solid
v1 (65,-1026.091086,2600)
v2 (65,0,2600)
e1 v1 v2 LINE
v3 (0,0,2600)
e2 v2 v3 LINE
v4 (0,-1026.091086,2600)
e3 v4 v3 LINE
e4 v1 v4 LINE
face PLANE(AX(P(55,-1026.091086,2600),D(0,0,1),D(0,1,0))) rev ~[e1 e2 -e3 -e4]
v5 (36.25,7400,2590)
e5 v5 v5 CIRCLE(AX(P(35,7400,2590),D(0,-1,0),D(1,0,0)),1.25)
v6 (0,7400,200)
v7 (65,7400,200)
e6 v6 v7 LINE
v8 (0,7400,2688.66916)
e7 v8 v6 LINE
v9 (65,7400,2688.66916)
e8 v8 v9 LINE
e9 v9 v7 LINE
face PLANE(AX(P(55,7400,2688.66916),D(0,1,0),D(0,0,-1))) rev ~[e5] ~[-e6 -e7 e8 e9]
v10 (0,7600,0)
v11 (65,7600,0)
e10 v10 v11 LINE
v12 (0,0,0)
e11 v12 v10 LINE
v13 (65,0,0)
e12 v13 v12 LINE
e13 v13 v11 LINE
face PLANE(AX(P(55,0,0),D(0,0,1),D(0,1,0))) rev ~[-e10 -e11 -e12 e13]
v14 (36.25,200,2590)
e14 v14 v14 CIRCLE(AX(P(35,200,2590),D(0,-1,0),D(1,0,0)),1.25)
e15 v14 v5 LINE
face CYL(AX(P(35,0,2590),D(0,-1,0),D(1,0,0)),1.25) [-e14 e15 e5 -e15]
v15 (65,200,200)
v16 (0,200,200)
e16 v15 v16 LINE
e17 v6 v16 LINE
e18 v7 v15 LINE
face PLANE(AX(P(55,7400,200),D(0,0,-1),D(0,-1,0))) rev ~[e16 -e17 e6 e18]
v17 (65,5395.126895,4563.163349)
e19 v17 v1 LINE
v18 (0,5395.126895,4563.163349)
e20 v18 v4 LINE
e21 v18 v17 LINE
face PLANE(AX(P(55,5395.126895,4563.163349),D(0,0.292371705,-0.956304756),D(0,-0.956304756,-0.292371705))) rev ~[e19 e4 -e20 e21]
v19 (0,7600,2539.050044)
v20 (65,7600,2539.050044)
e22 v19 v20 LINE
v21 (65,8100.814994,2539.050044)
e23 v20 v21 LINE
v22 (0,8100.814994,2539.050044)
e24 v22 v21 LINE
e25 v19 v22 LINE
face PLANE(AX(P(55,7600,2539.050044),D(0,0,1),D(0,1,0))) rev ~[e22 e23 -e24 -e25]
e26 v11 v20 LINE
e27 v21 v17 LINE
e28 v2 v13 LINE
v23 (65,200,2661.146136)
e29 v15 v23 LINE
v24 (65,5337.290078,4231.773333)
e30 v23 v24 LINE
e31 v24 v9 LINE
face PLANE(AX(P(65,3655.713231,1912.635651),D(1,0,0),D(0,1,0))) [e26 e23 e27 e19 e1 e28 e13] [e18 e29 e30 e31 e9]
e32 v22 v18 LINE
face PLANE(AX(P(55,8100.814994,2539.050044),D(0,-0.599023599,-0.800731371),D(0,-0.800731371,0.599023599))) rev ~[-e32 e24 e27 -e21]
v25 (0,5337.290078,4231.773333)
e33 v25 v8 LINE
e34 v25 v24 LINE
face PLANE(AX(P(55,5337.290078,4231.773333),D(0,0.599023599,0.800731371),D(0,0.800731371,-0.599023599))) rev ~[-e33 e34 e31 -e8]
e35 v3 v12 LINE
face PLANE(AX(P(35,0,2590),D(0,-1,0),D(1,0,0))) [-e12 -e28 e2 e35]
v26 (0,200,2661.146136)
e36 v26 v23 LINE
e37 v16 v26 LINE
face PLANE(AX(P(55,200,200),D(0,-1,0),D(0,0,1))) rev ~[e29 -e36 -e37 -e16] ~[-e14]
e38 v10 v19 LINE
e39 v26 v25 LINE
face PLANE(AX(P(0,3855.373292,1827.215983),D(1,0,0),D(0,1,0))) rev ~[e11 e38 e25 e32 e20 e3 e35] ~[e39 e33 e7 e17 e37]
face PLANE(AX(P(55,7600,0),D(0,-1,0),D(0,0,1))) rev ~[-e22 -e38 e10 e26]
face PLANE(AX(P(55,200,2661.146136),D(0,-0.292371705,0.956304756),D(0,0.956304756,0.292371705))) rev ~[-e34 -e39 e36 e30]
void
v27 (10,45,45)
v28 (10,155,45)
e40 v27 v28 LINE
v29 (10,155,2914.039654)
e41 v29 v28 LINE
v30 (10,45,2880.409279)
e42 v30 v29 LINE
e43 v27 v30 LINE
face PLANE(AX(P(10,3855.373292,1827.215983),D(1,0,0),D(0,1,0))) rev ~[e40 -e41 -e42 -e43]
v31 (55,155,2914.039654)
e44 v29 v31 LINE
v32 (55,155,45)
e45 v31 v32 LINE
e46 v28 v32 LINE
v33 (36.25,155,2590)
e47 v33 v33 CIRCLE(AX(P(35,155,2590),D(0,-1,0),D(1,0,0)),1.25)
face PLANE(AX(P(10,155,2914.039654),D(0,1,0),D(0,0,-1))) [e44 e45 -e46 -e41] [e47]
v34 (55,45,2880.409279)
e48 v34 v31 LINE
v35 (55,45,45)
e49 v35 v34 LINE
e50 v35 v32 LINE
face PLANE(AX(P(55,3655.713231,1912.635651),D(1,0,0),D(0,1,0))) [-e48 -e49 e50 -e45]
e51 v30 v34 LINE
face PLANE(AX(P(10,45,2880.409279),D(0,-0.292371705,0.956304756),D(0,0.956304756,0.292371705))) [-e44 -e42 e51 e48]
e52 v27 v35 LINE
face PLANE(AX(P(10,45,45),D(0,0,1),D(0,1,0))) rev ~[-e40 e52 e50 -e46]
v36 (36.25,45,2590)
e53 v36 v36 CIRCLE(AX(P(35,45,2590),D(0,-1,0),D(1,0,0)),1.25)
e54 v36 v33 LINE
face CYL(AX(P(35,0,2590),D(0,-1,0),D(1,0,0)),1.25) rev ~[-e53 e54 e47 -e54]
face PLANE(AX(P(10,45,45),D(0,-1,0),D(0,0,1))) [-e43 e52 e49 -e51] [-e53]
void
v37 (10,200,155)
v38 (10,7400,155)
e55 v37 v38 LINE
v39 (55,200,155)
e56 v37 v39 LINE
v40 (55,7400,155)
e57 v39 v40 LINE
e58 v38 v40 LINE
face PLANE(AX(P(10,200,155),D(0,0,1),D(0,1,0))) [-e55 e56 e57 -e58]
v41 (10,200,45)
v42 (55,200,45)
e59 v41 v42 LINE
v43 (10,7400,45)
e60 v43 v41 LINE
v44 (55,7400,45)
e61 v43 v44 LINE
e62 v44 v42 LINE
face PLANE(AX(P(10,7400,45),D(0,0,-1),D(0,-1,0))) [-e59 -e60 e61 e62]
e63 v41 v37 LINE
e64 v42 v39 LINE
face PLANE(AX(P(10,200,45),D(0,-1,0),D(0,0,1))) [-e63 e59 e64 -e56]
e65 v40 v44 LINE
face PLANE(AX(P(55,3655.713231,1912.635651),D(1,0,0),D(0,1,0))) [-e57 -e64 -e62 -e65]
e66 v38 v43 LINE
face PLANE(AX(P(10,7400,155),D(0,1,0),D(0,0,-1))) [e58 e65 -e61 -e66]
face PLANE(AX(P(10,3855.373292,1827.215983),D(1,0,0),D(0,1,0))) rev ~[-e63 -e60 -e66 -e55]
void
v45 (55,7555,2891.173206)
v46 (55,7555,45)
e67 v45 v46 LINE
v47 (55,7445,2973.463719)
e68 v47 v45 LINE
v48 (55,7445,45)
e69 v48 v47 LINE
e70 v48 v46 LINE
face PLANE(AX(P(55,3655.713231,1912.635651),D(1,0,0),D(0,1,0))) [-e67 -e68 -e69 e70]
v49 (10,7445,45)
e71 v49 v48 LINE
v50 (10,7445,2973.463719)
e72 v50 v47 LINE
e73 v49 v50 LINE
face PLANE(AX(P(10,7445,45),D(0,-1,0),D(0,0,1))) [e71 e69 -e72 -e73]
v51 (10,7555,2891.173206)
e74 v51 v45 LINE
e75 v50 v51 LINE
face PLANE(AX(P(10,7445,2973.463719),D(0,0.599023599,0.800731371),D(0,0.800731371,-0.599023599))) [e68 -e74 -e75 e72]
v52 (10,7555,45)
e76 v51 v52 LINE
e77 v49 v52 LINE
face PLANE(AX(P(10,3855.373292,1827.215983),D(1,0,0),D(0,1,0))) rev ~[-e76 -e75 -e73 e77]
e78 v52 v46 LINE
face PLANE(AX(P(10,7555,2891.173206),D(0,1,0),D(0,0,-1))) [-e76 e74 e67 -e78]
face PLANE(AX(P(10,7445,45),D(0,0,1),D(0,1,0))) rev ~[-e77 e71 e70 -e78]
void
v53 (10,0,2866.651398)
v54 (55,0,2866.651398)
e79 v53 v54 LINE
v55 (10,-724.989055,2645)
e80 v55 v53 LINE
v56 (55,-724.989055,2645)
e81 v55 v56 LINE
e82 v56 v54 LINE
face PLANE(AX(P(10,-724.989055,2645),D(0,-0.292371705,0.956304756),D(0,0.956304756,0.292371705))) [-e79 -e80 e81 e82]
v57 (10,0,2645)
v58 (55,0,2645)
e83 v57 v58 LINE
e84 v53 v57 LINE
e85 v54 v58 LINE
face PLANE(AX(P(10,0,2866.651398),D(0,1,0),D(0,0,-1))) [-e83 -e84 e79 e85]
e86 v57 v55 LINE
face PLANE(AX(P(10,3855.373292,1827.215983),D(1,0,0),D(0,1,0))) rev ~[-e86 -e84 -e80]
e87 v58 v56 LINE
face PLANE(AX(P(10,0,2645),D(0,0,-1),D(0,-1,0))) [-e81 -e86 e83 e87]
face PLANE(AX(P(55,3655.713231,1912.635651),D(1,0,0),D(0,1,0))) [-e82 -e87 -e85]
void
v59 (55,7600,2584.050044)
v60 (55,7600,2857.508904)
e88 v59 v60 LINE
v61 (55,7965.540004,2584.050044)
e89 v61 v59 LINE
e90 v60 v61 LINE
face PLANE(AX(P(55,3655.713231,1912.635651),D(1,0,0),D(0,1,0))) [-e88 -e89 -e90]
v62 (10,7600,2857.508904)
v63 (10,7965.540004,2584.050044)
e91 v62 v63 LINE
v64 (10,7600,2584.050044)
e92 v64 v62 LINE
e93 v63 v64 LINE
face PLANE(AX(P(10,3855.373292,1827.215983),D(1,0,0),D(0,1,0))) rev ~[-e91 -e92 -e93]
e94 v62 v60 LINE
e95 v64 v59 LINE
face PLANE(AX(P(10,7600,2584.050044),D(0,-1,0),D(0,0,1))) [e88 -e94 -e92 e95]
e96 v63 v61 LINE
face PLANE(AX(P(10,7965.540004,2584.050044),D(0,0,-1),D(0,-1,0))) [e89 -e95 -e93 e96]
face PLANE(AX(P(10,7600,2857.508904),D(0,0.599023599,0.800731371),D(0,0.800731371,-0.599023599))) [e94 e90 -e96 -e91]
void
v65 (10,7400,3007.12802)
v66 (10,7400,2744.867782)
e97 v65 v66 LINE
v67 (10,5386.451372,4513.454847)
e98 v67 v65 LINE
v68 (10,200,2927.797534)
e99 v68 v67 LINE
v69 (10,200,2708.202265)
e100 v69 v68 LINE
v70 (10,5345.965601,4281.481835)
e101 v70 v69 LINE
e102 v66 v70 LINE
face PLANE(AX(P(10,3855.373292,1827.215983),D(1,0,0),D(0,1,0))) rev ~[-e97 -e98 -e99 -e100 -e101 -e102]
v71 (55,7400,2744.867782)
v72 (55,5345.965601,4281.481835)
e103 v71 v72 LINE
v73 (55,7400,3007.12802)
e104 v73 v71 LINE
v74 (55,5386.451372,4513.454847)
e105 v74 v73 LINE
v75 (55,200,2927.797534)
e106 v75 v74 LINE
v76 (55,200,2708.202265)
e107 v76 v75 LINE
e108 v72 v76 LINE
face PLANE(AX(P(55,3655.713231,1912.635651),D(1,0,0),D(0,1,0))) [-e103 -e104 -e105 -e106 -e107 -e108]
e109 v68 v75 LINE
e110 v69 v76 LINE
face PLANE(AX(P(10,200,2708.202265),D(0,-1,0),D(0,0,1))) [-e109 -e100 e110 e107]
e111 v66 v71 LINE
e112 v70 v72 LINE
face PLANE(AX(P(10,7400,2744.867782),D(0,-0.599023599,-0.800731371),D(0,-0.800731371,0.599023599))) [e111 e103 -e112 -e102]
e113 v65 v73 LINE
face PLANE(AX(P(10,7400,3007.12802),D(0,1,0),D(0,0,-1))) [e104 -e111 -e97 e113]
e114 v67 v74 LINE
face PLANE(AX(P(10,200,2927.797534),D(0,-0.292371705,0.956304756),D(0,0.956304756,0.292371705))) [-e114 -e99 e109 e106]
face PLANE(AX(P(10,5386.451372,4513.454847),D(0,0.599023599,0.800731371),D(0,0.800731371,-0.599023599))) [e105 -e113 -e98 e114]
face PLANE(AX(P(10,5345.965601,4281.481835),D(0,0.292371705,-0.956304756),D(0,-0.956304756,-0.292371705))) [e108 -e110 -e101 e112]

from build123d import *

# Parameters (mm, degrees)
F1_DEPTH = 10
F2_W     = 7200
F2_H     = 45
F2_W_2   = 45
F2_W_3   = 110
F3_DEPTH = 45
F4_W     = 7200
F4_H     = 110
F5_DEPTH = 10
F6_R     = 1.25
F7_DEPTH = 7400


with BuildPart() as f1:
    # F0 (on Right) → F1 (new body)
    with BuildSketch(Plane.YZ):
        Polygon((0, 2600), (0, 0), (7600, 0), (7600, 2539.0500439446), (7600, 2913.7075269461), (5395.1268947942, 4563.1633490475), (0, 2913.7075269461), align=None)
        Polygon((7400, 200), (200, 200), (200, 2661.1461362917), (5337.2900782842, 4231.7733327764), (7400, 2688.6691597302), align=None, mode=Mode.SUBTRACT)
        Polygon((-1026.09108595, 2600), (0, 2600), (0, 2913.7075269461), align=None)
        Polygon((7600, 2913.7075269461), (7600, 2539.0500439446), (8100.8149941729, 2539.0500439446), align=None)
    extrude(amount=F1_DEPTH)

    # F2 (on face) → F3 (join)
    with BuildSketch(Plane.YZ.offset(10)):
        Polygon((-724.9890552257, 2645), (-872.1774230575, 2600), (0, 2600), (0, 2645), align=None)
        Polygon((-1026.09108595, 2600), (-872.1774230575, 2600), (-724.9890552257, 2645), (0, 2866.6513979042), (45, 2880.4092785699), (155, 2914.0396535303), (200, 2927.797534196), (5386.4513723177, 4513.4548466069), (5395.1268947942, 4563.1633490475), align=None)
        Polygon((0, 2645), (0, 2600), (0, 0), (45, 0), (45, 45), (45, 2880.4092785699), (0, 2866.6513979042), align=None)
        Polygon((200, 2927.797534196), (155, 2914.0396535303), (155, 45), (155, 0), (200, 0), (200, 45), (200, 155), (200, 200), (200, 2661.1461362917), (200, 2708.2022653337), align=None)
        Polygon((5345.9656007607, 4281.4818352171), (200, 2708.2022653337), (200, 2661.1461362917), (5337.2900782842, 4231.7733327764), align=None)
        with Locations((3800, 177.5)):
            Rectangle(F2_W, F2_H)
        with Locations((3800, 22.5)):
            Rectangle(F2_W, F2_H)
        Polygon((7400, 2688.6691597302), (7400, 2744.8677821804), (5345.9656007607, 4281.4818352171), (5337.2900782842, 4231.7733327764), align=None)
        Polygon((8100.8149941729, 2539.0500439446), (5395.1268947942, 4563.1633490475), (5386.4513723177, 4513.4548466069), (7400, 3007.1280202815), (7445, 2973.4637192297), (7555, 2891.1732055477), (7600, 2857.5089044959), (7965.5400035156, 2584.0500439446), (8025.6927450469, 2539.0500439446), align=None)
        with Locations((7422.5, 22.5)):
            Rectangle(F2_W_2, F2_H)
        Polygon((7445, 2973.4637192297), (7400, 3007.1280202815), (7400, 2744.8677821804), (7400, 2688.6691597302), (7400, 200), (7400, 155), (7400, 45), (7445, 45), align=None)
        Polygon((7600, 0), (7600, 2539.0500439446), (7600, 2584.0500439446), (7600, 2857.5089044959), (7555, 2891.1732055477), (7555, 45), (7555, 0), align=None)
        Polygon((7600, 2539.0500439446), (8025.6927450469, 2539.0500439446), (7965.5400035156, 2584.0500439446), (7600, 2584.0500439446), align=None)
        with Locations((7500, 22.5)):
            Rectangle(F2_W_3, F2_H)
        with Locations((100, 22.5)):
            Rectangle(F2_W_3, F2_H)
    extrude(amount=F3_DEPTH)

    # F4 (on face) → F5 (join)
    with BuildSketch(Plane.YZ.offset(55)):
        Polygon((0, 0), (7600, 0), (7600, 2539.0500439446), (8100.8149941729, 2539.0500439446), (5395.1268947942, 4563.1633490475), (-1026.09108595, 2600), (0, 2600), align=None)
        Polygon((155, 45), (45, 45), (45, 2880.4092785699), (155, 2914.0396535303), align=None, mode=Mode.SUBTRACT)
        with Locations((3800, 100)):
            Rectangle(F4_W, F4_H, mode=Mode.SUBTRACT)
        Polygon((200, 2661.1461362917), (5337.2900782842, 4231.7733327764), (7400, 2688.6691597302), (7400, 200), (200, 200), align=None, mode=Mode.SUBTRACT)
        Polygon((7555, 45), (7445, 45), (7445, 2973.4637192297), (7555, 2891.1732055477), align=None, mode=Mode.SUBTRACT)
        Polygon((0, 2866.6513979042), (0, 2645), (-724.9890552257, 2645), align=None, mode=Mode.SUBTRACT)
        Polygon((7965.5400035156, 2584.0500439446), (7600, 2584.0500439446), (7600, 2857.5089044959), align=None, mode=Mode.SUBTRACT)
        Polygon((200, 2927.797534196), (5386.4513723177, 4513.4548466069), (7400, 3007.1280202815), (7400, 2744.8677821804), (5345.9656007607, 4281.4818352171), (200, 2708.2022653337), align=None, mode=Mode.SUBTRACT)
        Polygon((7400, 3007.1280202815), (5386.4513723177, 4513.4548466069), (200, 2927.797534196), (200, 2708.2022653337), (5345.9656007607, 4281.4818352171), (7400, 2744.8677821804), align=None)
        with Locations((3800, 100)):
            Rectangle(F4_W, F4_H)
        Polygon((7445, 2973.4637192297), (7445, 45), (7555, 45), (7555, 2891.1732055477), align=None)
        Polygon((45, 2880.4092785699), (45, 45), (155, 45), (155, 2914.0396535303), align=None)
        Polygon((-724.9890552257, 2645), (0, 2645), (0, 2866.6513979042), align=None)
        Polygon((7600, 2857.5089044959), (7600, 2584.0500439446), (7965.5400035156, 2584.0500439446), align=None)
    extrude(amount=F5_DEPTH)

    # F6 (on face) → F7 (join, through all)
    with BuildSketch(Plane.XZ):
        with Locations((35, 2590)):
            Circle(F6_R)
    extrude(amount=-F7_DEPTH)


solid = f1.part
